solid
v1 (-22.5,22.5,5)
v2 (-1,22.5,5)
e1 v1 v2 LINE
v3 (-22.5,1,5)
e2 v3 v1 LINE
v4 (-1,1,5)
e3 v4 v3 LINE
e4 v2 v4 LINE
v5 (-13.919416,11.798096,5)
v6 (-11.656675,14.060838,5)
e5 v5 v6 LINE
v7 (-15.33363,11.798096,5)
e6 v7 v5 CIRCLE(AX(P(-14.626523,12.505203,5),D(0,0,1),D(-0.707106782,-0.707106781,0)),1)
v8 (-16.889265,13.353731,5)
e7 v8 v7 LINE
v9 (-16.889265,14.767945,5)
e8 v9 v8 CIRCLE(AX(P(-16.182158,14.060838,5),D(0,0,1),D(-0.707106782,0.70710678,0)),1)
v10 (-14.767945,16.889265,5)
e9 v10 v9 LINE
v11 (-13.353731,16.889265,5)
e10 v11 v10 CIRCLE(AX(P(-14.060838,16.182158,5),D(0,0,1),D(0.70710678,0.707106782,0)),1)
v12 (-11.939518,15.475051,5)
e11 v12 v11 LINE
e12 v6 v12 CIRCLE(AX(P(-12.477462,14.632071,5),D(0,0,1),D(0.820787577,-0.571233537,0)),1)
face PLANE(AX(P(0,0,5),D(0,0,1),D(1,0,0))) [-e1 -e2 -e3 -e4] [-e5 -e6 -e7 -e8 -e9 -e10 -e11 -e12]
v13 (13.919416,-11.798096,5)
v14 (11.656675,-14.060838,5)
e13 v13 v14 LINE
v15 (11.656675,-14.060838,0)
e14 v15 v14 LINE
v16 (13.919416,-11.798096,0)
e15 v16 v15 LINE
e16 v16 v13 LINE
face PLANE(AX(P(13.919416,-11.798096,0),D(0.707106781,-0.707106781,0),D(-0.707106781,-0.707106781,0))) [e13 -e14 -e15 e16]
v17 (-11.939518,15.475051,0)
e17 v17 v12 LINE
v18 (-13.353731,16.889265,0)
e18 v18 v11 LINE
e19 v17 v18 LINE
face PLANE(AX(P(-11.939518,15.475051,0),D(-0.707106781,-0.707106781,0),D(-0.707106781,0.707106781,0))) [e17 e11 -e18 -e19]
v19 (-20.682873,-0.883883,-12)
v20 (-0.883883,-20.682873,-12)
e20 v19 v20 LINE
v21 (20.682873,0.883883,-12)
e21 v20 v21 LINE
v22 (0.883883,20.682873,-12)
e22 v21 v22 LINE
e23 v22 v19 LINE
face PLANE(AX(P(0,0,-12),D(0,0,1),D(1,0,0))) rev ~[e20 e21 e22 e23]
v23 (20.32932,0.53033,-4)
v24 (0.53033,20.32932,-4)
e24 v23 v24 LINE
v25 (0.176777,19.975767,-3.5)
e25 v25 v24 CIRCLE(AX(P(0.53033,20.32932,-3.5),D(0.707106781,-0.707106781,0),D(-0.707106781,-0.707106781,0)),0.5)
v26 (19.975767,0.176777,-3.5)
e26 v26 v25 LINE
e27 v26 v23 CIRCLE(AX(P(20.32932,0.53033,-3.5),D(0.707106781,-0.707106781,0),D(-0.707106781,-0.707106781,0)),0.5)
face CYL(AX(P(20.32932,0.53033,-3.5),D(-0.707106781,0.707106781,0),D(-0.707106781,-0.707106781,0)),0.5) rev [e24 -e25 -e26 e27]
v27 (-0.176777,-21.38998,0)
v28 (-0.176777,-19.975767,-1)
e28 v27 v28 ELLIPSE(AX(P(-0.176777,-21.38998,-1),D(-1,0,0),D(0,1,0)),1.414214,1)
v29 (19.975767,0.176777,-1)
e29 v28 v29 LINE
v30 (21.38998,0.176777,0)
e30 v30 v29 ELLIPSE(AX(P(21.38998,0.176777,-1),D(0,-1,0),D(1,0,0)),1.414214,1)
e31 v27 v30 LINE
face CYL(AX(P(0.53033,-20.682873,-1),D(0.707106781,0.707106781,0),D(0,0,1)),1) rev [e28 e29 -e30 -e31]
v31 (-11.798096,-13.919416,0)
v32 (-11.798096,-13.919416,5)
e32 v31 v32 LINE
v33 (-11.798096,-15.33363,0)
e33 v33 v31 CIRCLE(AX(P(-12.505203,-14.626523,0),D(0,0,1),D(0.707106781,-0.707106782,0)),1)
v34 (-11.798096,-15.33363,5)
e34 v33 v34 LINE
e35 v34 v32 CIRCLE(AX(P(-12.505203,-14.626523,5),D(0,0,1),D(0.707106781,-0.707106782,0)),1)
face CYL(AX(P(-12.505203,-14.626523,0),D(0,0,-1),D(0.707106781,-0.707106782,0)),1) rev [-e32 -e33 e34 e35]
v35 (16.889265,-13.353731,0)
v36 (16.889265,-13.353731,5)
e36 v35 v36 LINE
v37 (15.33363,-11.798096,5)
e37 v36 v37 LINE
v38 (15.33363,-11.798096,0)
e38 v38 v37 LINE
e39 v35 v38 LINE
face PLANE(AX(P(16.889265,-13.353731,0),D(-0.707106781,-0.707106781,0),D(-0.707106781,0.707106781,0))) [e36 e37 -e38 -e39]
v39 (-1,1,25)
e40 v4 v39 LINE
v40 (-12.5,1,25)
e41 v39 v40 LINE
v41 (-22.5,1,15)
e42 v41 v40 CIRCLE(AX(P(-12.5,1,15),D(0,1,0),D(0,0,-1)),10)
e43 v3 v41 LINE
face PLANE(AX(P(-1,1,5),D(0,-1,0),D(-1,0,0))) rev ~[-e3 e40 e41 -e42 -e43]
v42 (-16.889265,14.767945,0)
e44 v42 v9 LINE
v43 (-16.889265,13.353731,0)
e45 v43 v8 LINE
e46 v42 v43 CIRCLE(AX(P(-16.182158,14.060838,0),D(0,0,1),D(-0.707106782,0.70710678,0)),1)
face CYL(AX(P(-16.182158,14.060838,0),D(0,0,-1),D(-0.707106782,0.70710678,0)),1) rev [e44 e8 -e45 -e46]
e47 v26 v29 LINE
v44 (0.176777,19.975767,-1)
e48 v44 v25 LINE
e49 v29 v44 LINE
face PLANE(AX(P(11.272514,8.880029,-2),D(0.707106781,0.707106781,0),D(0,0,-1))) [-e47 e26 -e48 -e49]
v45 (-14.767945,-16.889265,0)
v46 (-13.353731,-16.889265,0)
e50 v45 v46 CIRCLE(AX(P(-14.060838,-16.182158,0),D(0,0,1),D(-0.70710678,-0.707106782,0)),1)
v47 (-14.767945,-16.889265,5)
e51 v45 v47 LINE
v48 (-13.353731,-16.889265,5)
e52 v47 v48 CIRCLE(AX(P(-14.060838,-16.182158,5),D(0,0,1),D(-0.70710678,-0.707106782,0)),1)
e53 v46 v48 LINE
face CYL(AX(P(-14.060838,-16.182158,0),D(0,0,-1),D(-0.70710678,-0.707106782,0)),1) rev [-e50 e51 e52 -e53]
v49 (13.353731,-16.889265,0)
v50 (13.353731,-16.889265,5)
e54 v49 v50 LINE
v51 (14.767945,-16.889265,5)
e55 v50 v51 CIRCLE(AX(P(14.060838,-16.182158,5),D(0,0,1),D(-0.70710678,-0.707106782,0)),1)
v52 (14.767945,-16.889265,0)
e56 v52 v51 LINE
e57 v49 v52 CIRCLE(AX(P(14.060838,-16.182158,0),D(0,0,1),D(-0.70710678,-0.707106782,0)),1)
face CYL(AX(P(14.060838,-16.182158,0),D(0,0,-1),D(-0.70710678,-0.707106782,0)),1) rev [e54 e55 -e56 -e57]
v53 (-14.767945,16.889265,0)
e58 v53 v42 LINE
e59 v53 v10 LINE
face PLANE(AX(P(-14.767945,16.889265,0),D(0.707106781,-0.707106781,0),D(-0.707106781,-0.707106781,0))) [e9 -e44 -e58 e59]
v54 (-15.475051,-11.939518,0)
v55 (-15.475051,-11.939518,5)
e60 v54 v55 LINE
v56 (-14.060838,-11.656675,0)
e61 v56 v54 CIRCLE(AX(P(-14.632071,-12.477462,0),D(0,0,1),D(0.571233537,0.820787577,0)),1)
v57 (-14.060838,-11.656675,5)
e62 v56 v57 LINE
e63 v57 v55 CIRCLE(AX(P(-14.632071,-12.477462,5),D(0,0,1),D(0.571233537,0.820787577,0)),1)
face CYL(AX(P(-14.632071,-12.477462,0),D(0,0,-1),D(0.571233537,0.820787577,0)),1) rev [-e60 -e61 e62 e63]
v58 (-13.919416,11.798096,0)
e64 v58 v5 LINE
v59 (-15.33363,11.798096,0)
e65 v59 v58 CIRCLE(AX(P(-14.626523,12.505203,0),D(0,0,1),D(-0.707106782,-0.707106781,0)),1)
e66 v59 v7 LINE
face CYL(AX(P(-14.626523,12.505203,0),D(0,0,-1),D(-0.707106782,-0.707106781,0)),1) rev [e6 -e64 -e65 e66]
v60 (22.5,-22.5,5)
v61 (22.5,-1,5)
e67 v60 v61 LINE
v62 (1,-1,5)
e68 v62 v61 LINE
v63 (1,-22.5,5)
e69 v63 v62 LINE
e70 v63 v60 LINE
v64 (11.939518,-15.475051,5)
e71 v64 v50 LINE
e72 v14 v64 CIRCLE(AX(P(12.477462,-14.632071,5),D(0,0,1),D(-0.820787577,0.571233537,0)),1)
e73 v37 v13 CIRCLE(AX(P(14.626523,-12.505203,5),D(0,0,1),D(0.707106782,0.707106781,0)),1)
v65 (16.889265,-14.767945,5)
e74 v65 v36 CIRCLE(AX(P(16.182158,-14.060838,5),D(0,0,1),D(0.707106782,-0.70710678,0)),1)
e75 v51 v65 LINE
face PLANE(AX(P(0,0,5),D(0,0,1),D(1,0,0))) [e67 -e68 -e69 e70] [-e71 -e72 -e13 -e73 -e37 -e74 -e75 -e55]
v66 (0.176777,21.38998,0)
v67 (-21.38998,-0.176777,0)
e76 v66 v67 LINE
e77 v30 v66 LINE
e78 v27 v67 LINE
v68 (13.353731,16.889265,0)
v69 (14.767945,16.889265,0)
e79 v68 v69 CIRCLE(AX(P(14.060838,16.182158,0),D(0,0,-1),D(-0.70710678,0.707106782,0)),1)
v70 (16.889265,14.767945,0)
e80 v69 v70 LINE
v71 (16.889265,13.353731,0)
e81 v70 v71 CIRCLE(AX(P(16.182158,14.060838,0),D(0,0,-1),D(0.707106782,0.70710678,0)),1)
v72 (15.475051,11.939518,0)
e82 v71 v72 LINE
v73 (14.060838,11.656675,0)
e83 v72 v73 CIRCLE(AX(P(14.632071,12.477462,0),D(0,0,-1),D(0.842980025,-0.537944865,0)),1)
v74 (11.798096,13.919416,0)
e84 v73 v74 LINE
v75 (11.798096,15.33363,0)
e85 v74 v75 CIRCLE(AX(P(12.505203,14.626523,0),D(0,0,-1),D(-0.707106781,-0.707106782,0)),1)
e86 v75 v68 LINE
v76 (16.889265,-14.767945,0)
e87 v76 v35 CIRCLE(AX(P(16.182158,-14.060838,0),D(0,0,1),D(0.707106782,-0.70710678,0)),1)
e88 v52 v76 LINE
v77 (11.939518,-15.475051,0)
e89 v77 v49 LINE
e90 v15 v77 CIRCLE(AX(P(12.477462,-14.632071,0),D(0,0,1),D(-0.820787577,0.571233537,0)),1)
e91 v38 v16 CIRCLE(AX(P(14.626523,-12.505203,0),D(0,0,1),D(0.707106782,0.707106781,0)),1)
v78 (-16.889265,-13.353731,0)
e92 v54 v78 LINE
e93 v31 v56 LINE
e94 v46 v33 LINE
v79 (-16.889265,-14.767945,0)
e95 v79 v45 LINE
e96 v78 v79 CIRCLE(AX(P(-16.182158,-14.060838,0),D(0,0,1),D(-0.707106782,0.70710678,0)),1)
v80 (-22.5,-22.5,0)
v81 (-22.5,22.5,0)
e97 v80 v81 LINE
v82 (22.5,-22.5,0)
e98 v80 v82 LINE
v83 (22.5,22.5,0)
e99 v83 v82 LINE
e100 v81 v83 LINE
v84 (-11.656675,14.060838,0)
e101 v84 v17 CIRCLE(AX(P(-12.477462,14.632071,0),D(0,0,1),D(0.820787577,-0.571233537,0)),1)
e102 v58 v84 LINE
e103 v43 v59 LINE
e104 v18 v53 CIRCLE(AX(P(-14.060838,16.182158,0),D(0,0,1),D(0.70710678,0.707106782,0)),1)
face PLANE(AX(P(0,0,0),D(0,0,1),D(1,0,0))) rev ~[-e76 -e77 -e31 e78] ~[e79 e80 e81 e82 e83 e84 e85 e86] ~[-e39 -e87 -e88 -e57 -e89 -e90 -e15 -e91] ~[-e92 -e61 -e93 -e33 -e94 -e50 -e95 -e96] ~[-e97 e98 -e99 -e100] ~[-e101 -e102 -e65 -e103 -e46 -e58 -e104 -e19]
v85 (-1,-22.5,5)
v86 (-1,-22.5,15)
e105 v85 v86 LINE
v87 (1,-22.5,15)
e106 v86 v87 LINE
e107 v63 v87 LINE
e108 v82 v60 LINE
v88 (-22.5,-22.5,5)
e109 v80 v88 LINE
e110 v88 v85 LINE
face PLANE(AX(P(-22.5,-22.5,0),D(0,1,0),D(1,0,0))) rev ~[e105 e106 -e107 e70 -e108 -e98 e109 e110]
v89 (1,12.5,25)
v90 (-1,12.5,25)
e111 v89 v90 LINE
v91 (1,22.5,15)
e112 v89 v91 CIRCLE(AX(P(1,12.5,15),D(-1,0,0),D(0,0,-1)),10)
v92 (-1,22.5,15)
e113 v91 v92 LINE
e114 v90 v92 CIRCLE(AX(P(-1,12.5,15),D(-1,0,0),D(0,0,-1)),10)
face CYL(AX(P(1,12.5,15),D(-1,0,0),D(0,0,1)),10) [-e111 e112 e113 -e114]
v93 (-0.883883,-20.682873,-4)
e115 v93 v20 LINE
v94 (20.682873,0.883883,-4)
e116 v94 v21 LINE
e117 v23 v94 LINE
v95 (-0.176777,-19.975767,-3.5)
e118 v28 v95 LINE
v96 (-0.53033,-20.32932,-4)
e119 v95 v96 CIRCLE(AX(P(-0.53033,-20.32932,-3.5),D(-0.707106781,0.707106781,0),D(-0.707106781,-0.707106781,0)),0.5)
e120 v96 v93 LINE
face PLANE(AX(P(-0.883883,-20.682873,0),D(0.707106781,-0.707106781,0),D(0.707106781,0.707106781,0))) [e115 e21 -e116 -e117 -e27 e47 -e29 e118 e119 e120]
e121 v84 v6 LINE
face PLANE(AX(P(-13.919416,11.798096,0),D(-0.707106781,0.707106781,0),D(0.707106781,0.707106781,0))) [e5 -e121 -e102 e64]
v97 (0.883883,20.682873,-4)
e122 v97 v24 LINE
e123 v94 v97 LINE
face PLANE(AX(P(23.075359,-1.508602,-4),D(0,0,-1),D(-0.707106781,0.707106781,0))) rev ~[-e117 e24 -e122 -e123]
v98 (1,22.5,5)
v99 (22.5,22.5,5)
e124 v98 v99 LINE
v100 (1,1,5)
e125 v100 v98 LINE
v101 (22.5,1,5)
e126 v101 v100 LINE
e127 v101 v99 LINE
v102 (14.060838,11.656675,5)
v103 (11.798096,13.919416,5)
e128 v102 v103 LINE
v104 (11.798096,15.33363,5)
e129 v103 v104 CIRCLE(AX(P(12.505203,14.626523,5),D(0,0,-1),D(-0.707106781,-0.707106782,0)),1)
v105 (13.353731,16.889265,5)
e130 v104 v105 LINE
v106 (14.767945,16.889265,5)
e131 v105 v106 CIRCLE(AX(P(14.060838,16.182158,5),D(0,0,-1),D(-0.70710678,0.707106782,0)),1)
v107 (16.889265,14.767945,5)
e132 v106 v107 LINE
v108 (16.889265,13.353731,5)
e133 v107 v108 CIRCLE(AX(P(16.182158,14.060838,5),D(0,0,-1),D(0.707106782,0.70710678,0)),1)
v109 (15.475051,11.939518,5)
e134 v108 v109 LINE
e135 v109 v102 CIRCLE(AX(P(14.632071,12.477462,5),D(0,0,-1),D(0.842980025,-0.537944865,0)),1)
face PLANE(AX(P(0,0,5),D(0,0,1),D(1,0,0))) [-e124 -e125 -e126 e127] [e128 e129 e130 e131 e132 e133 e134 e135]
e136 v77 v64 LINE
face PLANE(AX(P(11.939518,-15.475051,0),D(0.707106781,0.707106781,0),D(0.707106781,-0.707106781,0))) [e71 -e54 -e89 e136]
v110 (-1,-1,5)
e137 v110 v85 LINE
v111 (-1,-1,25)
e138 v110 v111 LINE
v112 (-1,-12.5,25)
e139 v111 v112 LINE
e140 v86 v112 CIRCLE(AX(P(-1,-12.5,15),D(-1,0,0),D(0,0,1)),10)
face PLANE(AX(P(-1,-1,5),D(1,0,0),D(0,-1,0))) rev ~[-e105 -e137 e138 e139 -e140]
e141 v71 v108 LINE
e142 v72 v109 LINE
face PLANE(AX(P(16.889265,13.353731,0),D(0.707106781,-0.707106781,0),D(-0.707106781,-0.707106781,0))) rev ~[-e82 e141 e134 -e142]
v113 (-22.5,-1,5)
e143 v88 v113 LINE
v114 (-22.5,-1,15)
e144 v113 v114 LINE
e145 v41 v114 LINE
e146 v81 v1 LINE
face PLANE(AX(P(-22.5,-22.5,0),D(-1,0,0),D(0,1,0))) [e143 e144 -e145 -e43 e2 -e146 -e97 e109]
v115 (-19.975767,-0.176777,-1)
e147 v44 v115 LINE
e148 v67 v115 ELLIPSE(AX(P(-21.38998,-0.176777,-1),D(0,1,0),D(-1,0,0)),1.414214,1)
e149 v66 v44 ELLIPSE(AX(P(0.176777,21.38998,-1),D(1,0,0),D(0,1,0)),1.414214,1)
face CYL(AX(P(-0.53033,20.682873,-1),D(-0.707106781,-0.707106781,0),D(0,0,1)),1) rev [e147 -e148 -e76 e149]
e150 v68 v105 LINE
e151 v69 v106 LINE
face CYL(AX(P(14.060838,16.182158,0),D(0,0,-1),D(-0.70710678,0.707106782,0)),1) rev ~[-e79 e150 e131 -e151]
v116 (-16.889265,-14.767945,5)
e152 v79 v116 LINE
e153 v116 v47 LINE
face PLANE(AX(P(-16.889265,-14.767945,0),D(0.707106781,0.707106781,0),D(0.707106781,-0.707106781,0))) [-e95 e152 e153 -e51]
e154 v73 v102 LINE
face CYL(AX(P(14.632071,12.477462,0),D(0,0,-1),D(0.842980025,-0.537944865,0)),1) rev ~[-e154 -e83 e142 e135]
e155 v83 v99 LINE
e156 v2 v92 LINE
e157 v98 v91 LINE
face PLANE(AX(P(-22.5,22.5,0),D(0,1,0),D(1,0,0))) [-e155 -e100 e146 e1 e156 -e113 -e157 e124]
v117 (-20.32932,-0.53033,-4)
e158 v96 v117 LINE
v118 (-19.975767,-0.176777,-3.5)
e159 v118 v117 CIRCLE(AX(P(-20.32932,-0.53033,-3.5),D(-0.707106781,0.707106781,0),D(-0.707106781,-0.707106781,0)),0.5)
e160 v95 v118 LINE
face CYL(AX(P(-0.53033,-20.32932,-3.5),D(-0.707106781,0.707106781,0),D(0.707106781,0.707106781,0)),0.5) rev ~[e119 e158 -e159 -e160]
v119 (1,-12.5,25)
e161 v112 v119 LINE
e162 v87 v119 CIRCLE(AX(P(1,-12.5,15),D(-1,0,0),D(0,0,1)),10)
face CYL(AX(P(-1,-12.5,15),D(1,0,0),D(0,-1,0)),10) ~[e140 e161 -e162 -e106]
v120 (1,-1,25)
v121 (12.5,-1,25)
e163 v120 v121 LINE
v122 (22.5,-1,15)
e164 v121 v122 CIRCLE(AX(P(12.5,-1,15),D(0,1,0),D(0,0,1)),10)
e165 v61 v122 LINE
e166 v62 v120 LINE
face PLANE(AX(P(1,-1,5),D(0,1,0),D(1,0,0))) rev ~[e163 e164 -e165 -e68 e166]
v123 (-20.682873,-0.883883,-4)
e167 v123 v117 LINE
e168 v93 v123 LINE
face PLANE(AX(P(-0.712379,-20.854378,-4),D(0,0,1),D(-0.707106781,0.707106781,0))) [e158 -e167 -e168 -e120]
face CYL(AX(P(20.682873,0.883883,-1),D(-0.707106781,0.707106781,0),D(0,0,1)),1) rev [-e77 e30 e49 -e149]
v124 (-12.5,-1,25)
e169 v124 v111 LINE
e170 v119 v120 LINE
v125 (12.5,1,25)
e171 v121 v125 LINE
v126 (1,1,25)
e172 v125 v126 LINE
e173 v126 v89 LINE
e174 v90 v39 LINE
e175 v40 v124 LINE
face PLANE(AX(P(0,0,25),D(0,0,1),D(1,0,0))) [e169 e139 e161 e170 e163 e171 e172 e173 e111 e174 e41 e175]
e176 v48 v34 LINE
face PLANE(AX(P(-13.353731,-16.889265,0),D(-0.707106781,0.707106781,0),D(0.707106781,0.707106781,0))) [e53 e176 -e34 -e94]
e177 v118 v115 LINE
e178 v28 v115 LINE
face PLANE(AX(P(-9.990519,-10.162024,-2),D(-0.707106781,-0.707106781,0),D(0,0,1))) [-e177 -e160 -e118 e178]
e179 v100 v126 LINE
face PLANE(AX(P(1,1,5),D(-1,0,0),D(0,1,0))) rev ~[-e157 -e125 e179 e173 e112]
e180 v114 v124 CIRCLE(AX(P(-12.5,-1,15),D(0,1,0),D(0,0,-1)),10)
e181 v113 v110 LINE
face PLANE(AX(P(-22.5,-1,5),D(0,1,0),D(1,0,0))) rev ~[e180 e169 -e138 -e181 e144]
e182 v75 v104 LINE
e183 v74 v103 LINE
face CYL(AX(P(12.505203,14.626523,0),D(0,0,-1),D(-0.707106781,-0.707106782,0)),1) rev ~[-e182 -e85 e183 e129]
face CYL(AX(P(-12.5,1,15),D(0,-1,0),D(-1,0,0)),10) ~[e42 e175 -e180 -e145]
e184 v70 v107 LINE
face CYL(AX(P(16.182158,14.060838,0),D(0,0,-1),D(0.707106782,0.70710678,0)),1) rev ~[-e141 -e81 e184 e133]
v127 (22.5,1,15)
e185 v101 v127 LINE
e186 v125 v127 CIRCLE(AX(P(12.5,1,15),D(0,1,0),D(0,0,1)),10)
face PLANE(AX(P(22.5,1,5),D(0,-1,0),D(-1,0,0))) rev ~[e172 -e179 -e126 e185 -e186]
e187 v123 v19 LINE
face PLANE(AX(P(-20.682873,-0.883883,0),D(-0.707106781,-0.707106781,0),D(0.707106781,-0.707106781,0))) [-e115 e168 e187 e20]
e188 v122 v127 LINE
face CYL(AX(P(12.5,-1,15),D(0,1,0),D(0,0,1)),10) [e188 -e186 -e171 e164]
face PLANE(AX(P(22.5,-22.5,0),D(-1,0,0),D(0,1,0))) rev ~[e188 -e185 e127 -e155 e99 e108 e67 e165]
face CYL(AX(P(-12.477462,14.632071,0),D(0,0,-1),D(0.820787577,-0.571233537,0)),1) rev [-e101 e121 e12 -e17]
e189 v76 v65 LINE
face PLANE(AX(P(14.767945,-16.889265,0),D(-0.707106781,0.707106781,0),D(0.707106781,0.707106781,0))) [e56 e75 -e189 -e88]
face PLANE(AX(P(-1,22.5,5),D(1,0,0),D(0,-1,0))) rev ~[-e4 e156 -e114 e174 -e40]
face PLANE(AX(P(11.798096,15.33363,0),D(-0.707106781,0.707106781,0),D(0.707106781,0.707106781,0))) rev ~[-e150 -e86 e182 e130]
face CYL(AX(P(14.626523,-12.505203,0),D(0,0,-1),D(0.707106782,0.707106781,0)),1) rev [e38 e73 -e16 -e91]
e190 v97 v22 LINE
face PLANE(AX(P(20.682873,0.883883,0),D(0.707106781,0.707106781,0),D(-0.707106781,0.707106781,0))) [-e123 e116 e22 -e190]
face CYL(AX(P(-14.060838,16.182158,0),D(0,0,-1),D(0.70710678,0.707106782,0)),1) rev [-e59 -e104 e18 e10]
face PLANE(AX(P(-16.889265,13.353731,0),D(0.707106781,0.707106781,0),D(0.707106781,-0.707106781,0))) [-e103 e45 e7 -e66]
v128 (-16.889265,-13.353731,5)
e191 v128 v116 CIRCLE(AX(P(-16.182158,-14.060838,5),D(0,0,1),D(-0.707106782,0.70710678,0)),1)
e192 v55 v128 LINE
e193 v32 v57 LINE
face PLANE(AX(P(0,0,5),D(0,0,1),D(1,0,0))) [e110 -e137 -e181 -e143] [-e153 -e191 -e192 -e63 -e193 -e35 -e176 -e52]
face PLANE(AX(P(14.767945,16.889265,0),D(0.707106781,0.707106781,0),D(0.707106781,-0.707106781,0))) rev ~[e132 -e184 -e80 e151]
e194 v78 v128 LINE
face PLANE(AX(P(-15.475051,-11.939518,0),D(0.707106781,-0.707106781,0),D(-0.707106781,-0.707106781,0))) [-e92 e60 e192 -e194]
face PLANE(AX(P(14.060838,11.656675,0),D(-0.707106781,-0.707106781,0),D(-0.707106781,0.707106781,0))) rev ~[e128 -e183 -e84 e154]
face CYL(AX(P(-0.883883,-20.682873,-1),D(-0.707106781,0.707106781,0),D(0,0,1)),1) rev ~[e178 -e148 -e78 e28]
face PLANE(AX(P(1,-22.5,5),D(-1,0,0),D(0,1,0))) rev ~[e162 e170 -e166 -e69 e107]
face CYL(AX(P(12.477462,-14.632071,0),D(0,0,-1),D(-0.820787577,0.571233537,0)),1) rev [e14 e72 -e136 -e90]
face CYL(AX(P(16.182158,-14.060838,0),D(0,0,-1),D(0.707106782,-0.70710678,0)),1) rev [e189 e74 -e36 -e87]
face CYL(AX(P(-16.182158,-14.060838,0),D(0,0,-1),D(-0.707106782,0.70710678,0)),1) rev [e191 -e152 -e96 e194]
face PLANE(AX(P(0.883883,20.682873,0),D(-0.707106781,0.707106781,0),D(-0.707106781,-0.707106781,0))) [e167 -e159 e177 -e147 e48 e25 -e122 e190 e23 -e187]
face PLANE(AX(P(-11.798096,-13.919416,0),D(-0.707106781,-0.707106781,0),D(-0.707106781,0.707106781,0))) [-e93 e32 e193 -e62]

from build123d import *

# Parameters (mm, degrees)
ESQUISSE1_W             = 45
ESQUISSE1_H             = 45
BOSS_EXTRU_1_DEPTH      = 5
BOSS_EXTRU_2_DEPTH      = 20
BOSS_EXTRU_3_DEPTH      = 12
CONG_1_R                = 10
ESQUISSE4_W             = 4
ESQUISSE4_H             = 31.383485478
ENL_V_MAT_EXTRU_1_DEPTH = 1
ESQUISSE6_W             = 4
ESQUISSE6_H             = 28.242544177
ENL_V_MAT_EXTRU_2_DEPTH = 1
CONG_2_R                = 1
CONG_3_R                = 0.5


with BuildPart() as part:
    # Esquisse1 → Boss.-Extru.1 (new body)
    with BuildSketch(Plane.XY):
        Rectangle(ESQUISSE1_W, ESQUISSE1_H)
        with BuildLine():
            Line((14.767944635, 16.889264979), (16.889264979, 14.767944635))
            ThreePointArc((16.889264979, 14.767944635), (17.182158197, 14.060837854), (16.889264979, 13.353731073))
            Line((16.889264979, 13.353731073), (15.475051416, 11.93951751))
            ThreePointArc((15.475051416, 11.93951751), (14.828187526, 11.496881699), (14.060837854, 11.656674798))
            Line((14.060837854, 11.656674798), (11.798096154, 13.919416498))
            ThreePointArc((11.798096154, 13.919416498), (11.505202935, 14.626523279), (11.798096154, 15.33363006))
            Line((11.798096154, 15.33363006), (13.353731073, 16.889264979))
            ThreePointArc((13.353731073, 16.889264979), (14.060837854, 17.182158197), (14.767944635, 16.889264979))
        make_face(mode=Mode.SUBTRACT)
        with BuildLine():
            Line((11.93951751, -15.475051416), (13.353731073, -16.889264979))
            ThreePointArc((13.353731073, -16.889264979), (14.060837854, -17.182158197), (14.767944635, -16.889264979))
            Line((14.767944635, -16.889264979), (16.889264979, -14.767944635))
            ThreePointArc((16.889264979, -14.767944635), (17.182158197, -14.060837854), (16.889264979, -13.353731073))
            Line((16.889264979, -13.353731073), (15.33363006, -11.798096154))
            ThreePointArc((15.33363006, -11.798096154), (14.626523279, -11.505202935), (13.919416498, -11.798096154))
            Line((13.919416498, -11.798096154), (11.656674798, -14.060837854))
            ThreePointArc((11.656674798, -14.060837854), (11.496881699, -14.828187526), (11.93951751, -15.475051416))
        make_face(mode=Mode.SUBTRACT)
        with BuildLine():
            Line((-15.475051416, -11.93951751), (-16.889264979, -13.353731073))
            ThreePointArc((-16.889264979, -13.353731073), (-17.182158197, -14.060837854), (-16.889264979, -14.767944635))
            Line((-16.889264979, -14.767944635), (-14.767944635, -16.889264979))
            ThreePointArc((-14.767944635, -16.889264979), (-14.060837854, -17.182158197), (-13.353731073, -16.889264979))
            Line((-13.353731073, -16.889264979), (-11.798096154, -15.33363006))
            ThreePointArc((-11.798096154, -15.33363006), (-11.505202935, -14.626523279), (-11.798096154, -13.919416498))
            Line((-11.798096154, -13.919416498), (-14.060837854, -11.656674798))
            ThreePointArc((-14.060837854, -11.656674798), (-14.828187526, -11.496881699), (-15.475051416, -11.93951751))
        make_face(mode=Mode.SUBTRACT)
        with BuildLine():
            Line((-11.93951751, 15.475051416), (-13.353731073, 16.889264979))
            ThreePointArc((-13.353731073, 16.889264979), (-14.060837854, 17.182158197), (-14.767944635, 16.889264979))
            Line((-14.767944635, 16.889264979), (-16.889264979, 14.767944635))
            ThreePointArc((-16.889264979, 14.767944635), (-17.182158197, 14.060837854), (-16.889264979, 13.353731073))
            Line((-16.889264979, 13.353731073), (-15.33363006, 11.798096154))
            ThreePointArc((-15.33363006, 11.798096154), (-14.626523279, 11.505202935), (-13.919416498, 11.798096154))
            Line((-13.919416498, 11.798096154), (-11.656674798, 14.060837854))
            ThreePointArc((-11.656674798, 14.060837854), (-11.496881699, 14.828187526), (-11.93951751, 15.475051416))
        make_face(mode=Mode.SUBTRACT)
    extrude(amount=BOSS_EXTRU_1_DEPTH)

    # Esquisse2 → Boss.-Extru.2 (add)
    with BuildSketch(Plane.XY.offset(5)):
        Polygon((-1, 22.5), (-1, 1), (-22.5, 1), (-22.5, -1), (-1, -1), (-1, -22.5), (1, -22.5), (1, -1), (22.5, -1), (22.5, 1), (1, 1), (1, 22.5), align=None)
    extrude(amount=BOSS_EXTRU_2_DEPTH)

    # Esquisse3 → Boss.-Extru.3 (add)
    with BuildSketch(Plane(origin=(0, 0, 0), x_dir=(-1, 0, 0), z_dir=(0, 0, -1))):
        Polygon((-20.68287335, 0.883883476), (-0.883883476, 20.68287335), (20.68287335, -0.883883476), (0.883883476, -20.68287335), align=None)
    extrude(amount=BOSS_EXTRU_3_DEPTH)

    # Congé1
    cong_1_edges = [part.edges().sort_by_distance(p)[0] for p in [
        (0, 22.5, 25),
        (-22.5, 0, 25),
        (0, -22.5, 25),
        (22.5, 0, 25),
    ]]
    fillet(cong_1_edges, radius=CONG_1_R)

    # Esquisse4 → Enlèv. mat.-Extru.1 (cut)
    with BuildSketch(Plane(origin=(10.783378413, 10.783378413, 0), x_dir=(0, 0, -1), z_dir=(0.7071067811865475, 0.7071067811865477, 0))):
        with Locations((2, -1.691742739)):
            Rectangle(ESQUISSE4_W, ESQUISSE4_H)
    extrude(amount=-ENL_V_MAT_EXTRU_1_DEPTH, mode=Mode.SUBTRACT)

    # Esquisse6 → Enlèv. mat.-Extru.2 (cut)
    with BuildSketch(Plane(origin=(-10.783378413, -10.783378413, 0), x_dir=(0, 0, 1), z_dir=(-0.7071067811865476, -0.7071067811865476, 0))):
        with Locations((-2, -0.121272089)):
            Rectangle(ESQUISSE6_W, ESQUISSE6_H)
    extrude(amount=-ENL_V_MAT_EXTRU_2_DEPTH, mode=Mode.SUBTRACT)

    # Congé2
    cong_2_edges = [part.edges().sort_by_distance(p)[0] for p in [
        (9.899494937, -9.899494937, 0),
        (10.076271632, 10.076271632, 0),
        (-9.899494937, 9.899494937, 0),
        (-10.076271632, -10.076271632, 0),
    ]]
    fillet(cong_2_edges, radius=CONG_2_R)

    # Congé3
    cong_3_edges = [part.edges().sort_by_distance(p)[0] for p in [
        (10.076271632, 10.076271632, -4),
        (-10.076271632, -10.076271632, -4),
    ]]
    fillet(cong_3_edges, radius=CONG_3_R)


solid = part.part
